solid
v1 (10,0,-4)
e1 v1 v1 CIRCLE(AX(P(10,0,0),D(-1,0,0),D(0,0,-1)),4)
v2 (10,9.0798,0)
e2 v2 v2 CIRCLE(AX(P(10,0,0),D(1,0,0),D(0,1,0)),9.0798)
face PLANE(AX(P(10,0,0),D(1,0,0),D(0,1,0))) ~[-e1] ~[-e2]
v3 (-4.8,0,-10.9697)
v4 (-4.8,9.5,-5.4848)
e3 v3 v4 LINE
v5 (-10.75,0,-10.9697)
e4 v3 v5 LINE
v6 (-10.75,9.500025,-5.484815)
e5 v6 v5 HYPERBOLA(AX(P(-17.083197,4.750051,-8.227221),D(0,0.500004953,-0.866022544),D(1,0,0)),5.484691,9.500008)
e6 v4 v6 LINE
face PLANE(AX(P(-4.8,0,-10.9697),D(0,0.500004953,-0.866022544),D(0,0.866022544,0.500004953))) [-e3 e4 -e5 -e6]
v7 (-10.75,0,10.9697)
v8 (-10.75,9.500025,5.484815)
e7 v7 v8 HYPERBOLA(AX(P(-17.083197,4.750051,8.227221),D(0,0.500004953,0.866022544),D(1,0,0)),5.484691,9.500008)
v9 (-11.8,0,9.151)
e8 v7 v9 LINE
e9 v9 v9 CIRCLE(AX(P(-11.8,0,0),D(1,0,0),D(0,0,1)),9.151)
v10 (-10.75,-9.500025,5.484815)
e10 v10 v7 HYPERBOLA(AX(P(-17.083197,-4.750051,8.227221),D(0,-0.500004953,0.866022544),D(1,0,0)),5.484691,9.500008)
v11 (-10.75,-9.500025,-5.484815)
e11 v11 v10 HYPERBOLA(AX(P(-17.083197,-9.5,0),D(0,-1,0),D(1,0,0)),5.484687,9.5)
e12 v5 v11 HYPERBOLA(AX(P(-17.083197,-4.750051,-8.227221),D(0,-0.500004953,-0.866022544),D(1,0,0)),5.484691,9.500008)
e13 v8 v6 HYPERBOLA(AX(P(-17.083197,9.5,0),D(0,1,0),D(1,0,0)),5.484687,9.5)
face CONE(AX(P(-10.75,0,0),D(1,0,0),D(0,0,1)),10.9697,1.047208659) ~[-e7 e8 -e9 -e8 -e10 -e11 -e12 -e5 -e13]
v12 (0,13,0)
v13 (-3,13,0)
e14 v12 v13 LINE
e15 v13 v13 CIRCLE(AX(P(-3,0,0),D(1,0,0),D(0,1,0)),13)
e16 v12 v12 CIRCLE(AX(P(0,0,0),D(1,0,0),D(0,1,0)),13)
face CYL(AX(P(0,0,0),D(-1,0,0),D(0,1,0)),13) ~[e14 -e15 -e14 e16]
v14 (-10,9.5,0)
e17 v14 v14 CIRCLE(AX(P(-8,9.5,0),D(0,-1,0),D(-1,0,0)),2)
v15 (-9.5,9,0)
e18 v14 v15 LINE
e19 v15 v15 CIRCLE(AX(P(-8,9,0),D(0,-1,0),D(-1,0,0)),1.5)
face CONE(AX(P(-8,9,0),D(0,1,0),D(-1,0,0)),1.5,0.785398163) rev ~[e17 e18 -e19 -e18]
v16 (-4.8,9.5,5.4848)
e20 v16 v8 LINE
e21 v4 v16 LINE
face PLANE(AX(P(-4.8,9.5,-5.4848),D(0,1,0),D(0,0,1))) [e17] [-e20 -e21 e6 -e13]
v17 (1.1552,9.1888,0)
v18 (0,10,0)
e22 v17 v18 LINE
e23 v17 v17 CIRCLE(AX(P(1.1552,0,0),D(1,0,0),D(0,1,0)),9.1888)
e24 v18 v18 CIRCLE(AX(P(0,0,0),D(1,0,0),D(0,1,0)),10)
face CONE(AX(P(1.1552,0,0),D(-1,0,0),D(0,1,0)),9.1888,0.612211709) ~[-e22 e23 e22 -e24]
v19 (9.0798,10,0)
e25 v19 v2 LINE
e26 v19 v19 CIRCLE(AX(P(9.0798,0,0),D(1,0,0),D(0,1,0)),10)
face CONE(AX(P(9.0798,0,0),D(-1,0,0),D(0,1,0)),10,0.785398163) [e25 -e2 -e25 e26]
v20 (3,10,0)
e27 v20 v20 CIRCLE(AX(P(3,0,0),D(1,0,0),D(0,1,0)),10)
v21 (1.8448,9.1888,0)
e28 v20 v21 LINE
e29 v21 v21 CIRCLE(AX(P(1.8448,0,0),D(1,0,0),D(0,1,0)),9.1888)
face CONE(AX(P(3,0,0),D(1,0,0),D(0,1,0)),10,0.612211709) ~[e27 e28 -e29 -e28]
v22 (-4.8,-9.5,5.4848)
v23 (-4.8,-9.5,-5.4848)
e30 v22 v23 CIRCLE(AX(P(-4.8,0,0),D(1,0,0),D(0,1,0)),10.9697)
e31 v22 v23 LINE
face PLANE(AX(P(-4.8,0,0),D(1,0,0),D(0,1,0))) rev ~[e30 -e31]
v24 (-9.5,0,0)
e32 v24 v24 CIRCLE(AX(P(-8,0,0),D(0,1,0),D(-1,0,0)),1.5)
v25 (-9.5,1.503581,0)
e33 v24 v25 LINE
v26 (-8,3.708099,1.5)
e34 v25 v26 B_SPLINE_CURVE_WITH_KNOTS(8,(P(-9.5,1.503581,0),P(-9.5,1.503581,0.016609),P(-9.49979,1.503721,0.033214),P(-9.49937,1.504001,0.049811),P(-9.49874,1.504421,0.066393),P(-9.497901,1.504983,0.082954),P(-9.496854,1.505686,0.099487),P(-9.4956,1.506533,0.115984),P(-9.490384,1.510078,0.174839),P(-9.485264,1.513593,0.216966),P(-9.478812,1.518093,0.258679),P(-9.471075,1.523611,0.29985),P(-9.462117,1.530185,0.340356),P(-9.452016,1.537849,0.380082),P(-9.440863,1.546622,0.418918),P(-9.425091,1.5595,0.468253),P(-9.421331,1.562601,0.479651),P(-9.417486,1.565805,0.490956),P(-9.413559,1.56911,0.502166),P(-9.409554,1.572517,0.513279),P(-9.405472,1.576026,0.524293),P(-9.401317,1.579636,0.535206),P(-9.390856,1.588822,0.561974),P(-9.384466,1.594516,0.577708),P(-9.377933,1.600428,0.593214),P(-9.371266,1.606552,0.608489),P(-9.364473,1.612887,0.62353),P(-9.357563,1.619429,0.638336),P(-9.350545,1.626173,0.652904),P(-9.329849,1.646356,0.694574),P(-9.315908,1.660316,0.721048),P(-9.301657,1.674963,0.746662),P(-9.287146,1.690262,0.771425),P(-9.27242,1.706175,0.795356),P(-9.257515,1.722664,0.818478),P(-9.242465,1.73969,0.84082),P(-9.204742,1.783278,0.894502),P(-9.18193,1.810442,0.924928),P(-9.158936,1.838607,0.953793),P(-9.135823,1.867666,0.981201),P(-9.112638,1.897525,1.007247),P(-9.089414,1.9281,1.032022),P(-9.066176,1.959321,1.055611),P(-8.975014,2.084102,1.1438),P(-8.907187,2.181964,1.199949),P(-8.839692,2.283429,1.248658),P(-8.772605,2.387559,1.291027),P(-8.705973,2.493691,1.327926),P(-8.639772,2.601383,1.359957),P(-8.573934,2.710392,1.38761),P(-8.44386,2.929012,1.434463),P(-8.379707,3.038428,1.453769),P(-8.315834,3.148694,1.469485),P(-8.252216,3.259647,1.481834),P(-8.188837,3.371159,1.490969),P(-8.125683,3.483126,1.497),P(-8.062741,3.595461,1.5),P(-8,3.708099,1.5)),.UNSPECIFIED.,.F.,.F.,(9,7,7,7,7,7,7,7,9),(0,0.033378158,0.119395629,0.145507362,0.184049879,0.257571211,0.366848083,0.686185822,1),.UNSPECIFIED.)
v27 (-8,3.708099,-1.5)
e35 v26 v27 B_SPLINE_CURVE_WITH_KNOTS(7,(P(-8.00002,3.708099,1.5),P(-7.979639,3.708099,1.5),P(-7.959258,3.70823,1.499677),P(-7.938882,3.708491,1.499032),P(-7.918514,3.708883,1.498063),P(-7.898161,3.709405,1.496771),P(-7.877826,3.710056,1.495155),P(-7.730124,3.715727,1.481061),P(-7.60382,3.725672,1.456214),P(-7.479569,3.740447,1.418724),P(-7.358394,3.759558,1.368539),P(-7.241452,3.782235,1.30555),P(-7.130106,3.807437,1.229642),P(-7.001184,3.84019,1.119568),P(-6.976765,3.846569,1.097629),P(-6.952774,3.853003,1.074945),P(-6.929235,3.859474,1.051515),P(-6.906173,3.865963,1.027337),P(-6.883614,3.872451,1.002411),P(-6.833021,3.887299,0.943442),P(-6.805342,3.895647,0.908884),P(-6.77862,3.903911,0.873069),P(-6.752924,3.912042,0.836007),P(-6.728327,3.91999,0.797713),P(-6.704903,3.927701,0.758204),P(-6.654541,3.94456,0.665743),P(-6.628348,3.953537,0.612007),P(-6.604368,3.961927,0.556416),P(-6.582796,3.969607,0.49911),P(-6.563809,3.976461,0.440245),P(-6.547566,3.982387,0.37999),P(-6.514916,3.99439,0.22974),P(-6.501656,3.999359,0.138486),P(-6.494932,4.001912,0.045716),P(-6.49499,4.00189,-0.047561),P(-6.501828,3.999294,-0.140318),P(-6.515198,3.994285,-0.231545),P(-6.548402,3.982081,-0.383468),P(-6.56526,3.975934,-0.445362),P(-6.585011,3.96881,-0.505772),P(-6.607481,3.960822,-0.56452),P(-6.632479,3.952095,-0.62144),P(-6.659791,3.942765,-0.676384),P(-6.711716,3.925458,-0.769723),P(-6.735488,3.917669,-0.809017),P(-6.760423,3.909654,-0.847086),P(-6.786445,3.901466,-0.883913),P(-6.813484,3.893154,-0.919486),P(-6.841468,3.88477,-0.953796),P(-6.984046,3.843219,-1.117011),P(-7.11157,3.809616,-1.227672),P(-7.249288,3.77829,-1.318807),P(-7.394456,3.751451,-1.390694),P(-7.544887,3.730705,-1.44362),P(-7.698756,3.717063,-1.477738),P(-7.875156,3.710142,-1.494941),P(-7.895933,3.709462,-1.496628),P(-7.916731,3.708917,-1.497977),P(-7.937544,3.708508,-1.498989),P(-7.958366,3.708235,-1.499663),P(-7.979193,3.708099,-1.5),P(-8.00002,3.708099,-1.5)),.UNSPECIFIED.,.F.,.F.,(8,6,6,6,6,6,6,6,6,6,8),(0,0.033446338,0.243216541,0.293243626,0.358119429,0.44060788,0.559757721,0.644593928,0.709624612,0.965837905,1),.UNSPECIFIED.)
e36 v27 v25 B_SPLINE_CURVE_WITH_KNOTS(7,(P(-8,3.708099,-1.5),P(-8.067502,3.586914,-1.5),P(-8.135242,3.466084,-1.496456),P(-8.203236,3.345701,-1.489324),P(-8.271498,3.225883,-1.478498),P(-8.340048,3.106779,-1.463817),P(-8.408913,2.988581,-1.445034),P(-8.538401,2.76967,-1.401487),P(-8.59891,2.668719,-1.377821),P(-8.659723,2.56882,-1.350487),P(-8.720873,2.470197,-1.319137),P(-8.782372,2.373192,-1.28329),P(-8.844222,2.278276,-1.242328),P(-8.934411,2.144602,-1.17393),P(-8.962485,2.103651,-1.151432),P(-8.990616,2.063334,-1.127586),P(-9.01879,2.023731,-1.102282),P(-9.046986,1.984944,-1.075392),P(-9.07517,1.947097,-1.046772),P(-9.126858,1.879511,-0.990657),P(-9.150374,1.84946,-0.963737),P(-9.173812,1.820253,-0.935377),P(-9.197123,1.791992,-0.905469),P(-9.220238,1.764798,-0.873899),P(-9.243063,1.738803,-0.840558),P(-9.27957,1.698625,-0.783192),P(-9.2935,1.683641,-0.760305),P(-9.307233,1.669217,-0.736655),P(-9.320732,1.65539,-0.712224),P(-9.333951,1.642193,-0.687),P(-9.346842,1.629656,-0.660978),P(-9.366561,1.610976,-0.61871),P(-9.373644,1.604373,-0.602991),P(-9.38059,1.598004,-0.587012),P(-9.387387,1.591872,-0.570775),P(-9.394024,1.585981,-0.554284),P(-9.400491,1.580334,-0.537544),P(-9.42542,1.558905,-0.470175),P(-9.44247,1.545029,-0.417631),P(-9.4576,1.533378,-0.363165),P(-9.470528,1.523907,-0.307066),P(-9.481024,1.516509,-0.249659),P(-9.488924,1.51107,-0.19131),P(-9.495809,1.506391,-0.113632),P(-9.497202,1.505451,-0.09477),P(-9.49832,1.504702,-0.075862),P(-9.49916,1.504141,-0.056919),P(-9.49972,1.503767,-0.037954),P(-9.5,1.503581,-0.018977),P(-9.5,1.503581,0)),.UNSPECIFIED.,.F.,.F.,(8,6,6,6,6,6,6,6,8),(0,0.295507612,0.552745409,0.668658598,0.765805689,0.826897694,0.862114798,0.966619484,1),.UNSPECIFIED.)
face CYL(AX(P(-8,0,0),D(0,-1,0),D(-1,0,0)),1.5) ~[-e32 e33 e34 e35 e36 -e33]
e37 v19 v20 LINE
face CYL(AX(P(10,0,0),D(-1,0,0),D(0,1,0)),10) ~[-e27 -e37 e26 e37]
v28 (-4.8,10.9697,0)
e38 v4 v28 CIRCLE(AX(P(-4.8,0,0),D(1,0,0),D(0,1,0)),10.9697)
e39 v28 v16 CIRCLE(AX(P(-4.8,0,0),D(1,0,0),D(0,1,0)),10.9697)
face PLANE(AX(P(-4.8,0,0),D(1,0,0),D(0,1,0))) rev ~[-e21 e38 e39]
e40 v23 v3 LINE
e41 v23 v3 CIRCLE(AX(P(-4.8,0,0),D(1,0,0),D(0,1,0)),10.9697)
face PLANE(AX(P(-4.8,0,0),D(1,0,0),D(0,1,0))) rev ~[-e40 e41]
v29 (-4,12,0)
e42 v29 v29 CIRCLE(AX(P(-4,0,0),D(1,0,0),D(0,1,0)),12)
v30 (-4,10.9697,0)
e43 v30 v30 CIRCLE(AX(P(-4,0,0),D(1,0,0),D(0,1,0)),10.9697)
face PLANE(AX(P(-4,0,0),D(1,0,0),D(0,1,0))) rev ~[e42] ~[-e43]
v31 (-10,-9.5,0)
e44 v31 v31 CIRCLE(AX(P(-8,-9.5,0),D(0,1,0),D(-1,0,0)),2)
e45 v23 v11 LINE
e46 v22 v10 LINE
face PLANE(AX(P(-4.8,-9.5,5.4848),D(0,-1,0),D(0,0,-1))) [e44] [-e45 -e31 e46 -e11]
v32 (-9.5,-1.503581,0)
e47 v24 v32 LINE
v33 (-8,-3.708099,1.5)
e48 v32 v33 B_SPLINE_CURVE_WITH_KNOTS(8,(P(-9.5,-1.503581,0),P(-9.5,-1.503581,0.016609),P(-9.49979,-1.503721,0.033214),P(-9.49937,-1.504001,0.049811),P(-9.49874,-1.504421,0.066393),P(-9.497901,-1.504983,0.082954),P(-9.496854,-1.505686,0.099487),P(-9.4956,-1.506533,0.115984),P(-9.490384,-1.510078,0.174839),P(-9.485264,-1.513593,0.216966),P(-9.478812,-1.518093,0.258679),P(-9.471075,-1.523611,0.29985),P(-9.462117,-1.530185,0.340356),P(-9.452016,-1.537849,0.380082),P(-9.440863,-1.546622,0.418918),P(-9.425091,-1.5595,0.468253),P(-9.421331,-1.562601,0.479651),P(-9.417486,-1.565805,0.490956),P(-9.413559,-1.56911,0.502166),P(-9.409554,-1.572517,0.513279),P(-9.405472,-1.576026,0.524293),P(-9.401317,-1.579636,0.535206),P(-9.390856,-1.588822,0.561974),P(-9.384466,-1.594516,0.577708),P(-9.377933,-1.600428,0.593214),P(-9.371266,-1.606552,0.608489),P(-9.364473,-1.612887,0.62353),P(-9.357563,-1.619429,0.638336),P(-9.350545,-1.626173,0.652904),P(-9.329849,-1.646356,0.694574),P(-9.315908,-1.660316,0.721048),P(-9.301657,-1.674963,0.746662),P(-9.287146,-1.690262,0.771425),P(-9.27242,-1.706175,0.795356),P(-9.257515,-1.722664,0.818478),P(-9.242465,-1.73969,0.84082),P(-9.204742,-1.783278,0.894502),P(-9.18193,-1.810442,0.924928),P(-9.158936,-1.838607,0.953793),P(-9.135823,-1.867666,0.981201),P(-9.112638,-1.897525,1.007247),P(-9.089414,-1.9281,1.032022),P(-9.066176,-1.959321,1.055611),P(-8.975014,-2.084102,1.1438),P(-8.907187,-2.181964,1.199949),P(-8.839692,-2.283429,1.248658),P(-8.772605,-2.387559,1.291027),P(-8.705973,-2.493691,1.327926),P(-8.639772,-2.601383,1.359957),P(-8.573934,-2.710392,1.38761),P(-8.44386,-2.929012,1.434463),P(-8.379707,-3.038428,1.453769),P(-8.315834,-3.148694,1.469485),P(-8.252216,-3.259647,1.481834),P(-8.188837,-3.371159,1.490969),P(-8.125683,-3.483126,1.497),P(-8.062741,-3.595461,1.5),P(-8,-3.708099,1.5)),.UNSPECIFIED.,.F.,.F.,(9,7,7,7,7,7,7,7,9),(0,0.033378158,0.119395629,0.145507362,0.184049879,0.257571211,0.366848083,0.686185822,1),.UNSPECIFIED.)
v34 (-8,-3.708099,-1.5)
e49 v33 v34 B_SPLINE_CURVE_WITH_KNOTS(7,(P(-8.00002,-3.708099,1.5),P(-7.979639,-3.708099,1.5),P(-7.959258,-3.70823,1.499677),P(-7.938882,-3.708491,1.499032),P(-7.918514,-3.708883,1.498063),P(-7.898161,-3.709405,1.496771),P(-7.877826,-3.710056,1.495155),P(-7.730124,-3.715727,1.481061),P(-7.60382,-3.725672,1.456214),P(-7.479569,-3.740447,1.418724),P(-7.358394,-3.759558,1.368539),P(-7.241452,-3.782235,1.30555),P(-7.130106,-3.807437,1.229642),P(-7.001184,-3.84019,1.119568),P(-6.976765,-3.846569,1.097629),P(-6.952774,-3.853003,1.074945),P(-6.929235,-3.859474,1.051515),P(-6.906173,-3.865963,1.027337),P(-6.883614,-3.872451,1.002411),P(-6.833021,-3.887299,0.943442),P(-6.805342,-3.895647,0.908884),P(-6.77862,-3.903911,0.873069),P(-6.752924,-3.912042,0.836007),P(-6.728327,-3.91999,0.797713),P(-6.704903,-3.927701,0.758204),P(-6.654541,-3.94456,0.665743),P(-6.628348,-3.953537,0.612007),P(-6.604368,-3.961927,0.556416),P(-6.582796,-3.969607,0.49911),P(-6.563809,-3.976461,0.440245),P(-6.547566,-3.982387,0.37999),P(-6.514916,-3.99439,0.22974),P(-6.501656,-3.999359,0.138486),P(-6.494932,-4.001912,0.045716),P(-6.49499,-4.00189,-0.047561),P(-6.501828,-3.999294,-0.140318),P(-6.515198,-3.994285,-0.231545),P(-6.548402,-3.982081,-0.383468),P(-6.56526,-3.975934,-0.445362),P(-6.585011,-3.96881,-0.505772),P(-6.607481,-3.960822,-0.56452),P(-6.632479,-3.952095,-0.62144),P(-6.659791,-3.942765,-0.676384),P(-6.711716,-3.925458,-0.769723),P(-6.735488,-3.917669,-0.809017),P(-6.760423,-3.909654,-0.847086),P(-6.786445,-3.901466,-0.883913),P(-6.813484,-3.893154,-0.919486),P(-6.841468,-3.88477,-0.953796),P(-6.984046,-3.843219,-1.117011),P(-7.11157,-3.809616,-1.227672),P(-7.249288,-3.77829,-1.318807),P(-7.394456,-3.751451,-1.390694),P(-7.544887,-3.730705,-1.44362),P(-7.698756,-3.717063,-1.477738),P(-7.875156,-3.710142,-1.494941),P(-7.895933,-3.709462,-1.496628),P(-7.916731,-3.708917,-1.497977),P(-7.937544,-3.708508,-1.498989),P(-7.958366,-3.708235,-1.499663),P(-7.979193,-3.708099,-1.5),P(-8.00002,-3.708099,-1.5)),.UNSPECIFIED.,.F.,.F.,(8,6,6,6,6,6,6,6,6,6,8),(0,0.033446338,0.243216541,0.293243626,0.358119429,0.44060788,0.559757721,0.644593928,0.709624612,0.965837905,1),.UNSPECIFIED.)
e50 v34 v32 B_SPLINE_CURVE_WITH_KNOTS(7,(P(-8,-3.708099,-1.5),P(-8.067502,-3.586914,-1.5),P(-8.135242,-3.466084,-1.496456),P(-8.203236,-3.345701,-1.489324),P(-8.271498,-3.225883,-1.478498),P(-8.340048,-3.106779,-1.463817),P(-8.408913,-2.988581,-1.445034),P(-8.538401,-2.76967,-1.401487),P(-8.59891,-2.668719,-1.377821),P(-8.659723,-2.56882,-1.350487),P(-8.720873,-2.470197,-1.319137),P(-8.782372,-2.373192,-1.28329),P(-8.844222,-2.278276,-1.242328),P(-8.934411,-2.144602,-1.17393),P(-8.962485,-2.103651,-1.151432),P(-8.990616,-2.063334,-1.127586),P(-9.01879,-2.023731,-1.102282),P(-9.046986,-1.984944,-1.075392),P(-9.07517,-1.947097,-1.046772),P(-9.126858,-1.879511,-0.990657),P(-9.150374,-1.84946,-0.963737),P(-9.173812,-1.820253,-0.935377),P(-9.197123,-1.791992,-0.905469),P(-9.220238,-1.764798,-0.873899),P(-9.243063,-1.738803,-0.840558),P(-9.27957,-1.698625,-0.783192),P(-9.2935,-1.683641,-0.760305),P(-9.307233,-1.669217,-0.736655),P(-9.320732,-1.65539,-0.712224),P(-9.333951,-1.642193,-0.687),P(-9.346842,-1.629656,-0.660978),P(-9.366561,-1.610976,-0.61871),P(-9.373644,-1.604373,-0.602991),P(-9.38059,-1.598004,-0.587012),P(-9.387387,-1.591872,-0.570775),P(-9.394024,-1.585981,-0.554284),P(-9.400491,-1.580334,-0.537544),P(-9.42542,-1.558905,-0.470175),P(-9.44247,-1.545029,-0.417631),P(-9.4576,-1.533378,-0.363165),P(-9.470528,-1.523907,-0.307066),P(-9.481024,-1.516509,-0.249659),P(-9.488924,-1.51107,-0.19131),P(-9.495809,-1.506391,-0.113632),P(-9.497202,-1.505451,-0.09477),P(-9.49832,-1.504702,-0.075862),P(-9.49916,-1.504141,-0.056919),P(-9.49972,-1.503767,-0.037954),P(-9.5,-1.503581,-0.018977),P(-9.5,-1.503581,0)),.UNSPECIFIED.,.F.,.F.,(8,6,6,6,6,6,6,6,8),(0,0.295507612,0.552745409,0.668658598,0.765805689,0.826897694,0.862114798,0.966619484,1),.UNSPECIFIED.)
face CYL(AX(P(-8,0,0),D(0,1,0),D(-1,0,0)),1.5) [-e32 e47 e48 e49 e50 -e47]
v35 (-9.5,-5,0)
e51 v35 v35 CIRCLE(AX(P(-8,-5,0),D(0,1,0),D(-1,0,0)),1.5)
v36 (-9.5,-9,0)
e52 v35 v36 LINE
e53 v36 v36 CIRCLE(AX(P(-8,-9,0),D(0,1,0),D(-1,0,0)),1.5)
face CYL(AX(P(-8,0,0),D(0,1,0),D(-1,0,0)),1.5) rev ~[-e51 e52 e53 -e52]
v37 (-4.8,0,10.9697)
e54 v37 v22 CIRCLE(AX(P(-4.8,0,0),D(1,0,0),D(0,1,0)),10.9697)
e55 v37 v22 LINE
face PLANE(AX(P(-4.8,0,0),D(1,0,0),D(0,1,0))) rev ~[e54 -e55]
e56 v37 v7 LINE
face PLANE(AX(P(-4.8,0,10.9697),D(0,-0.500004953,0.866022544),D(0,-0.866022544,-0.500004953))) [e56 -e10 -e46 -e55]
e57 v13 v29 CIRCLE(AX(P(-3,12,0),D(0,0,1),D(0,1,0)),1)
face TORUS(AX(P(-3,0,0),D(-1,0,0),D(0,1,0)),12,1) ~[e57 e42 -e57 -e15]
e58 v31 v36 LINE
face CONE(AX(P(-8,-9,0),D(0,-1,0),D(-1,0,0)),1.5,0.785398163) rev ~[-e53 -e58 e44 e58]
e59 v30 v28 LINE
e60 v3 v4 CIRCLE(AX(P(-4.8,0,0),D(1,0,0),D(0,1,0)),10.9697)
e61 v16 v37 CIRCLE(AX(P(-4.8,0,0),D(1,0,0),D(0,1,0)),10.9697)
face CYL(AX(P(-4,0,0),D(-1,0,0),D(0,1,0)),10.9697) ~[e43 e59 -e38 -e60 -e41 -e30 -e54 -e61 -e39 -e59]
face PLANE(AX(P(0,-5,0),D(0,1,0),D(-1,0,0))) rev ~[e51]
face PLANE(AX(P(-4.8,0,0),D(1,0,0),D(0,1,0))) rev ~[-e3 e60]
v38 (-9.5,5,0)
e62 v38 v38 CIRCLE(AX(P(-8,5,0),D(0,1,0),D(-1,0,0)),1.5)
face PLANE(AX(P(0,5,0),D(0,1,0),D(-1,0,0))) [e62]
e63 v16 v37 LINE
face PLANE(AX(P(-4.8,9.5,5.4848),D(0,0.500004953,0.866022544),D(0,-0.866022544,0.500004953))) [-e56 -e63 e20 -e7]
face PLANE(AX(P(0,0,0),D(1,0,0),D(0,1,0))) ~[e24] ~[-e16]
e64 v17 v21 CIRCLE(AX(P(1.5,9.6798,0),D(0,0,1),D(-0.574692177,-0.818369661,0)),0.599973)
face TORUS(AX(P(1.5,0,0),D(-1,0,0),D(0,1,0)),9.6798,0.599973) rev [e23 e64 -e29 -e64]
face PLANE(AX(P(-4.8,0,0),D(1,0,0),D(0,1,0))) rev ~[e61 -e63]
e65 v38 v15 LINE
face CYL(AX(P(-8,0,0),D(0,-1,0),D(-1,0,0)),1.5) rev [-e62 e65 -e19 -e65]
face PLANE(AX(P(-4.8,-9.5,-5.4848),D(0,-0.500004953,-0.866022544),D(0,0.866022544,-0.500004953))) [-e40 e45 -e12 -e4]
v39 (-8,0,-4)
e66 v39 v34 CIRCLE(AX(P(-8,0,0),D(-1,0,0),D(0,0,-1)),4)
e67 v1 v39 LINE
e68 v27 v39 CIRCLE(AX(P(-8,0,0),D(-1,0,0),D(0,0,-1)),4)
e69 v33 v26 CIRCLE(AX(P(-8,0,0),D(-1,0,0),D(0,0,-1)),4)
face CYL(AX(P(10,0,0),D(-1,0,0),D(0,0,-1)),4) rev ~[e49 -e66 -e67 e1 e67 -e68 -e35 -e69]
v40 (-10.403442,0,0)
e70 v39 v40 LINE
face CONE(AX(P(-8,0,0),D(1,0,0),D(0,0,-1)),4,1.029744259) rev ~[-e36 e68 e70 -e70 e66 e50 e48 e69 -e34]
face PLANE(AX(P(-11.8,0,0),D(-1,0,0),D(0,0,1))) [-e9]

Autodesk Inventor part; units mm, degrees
ref_plane "YZ Plane" through (0, 0, 0) normal (1, 0, 0) x (0, 1, 0)
ref_plane "XZ Plane" through (0, 0, 0) normal (0, 1, 0) x (-1, 0, 0)
ref_plane "XY Plane" through (0, 0, 0) normal (0, 0, 1) x (1, 0, 0)
sketch "Эскиз1" plane through (0, 0, 0) normal (0, 0, 1) x (1, 0, 0)
  line L0 (10, 0) -> (10, 10)
  line L1 (10, 10) -> (3, 10)
  line L2 (3, 10) -> (1.8448, 9.1888)
  line L3 (1.1552, 9.1888) -> (0, 10)
  line L4 (0, 10) -> (0, 13)
  line L5 (0, 13) -> (-4, 13)
  line L6 (-4, 13) -> (-4, 10.9697)
  line L7 (-4, 10.9697) -> (-4.8, 10.9697)
  line L8 (-4.8, 10.9697) -> (-4.8, 0)
  line L9 (-4.8, 0) -> (10, 0)
  arc A0 (1.1552, 9.1888) -> (1.8448, 9.1888) centre (1.5, 9.6798) ccw
  line L10 (-7.8876, 0) -> (13.7255, 0) projected
  line L11 (0, -2.6) -> (0, 15.6) projected
  line L12 (2.3733, 9.0798) -> (10.6379, 9.0798) construction
  dimension "d0" = 0.6
  dimension "d1" = 20
  dimension "d2" = 26
  dimension "d3" = 10
  dimension "d4" = 3
  dimension "d5" = 1.5
  dimension "d6" = 21.9393
  dimension "d7" = 4
  dimension "d8" = 0.8
  dimension "d10" = 18.1596
revolve "Базовый элемент" add sketch "Эскиз1" angle 360 about axis through (-4.8, 0, 0) along (1, 0, 0)
sketch "Эскиз2" plane through (-4.8, 0, 0) normal (-1, 0, 0) x (0, 0, 1)
  circle A0 centre (0, 0) radius 10.9697 projected
  line L0 (10.9697, 0) -> (5.4848, -9.5)
  line L1 (5.4848, -9.5) -> (-5.4848, -9.5)
  line L2 (-5.4848, -9.5) -> (-10.9697, 0)
  line L3 (-10.9697, 0) -> (-5.4848, 9.5)
  line L4 (-5.4848, 9.5) -> (5.4848, 9.5)
  line L5 (5.4848, 9.5) -> (10.9697, 0)
extrude "С головкой" add sketch "Эскиз2" along normal blind 7 contours L0 L1 L2 L3 L4 L5
fillet "Сопряжение1" radius 1 1 edges at (-4, -13, 0)
sketch "Эскиз3" plane through (0, 0, 0) normal (0, 1, 0) x (-1, 0, 0)
  line L0 (10.75, 10.9697) -> (11.8, 9.151)
  line L1 (11.8, 9.151) -> (11.8, 10.9697)
  line L2 (11.8, 10.9697) -> (10.75, 10.9697)
  line L3 (12.01, 0) -> (10.54, 0) projected
  dimension "d14" = 1.05
  dimension "d15" = 30
revolve "Фаска1" cut sketch "Эскиз3" angle 360 about axis through (-10, 0, 0) along (1, 0, 0)
thread "Резьба1" size "M20x1.5" class "6g" standard "ISO Metric profile" length 10
chamfer "Фаска2" distance 0.9202 distance2 0.9202 1 edges at (10, -10, 0) measured on face at (7.6667, 9.9676, -0.8047)
sketch "Эскиз4" plane through (10, 0, 0) normal (1, 0, 0) x (0, 0, -1)
  point P0 (0, 0)
  point P1 (0, 0)
  point P2 (-18.5467, -33.5081)
hole "Отверстие1" at (10, 0, 0) at (10, -33.5081, 18.5467) direction (-1, 0, 0) diameter 8 depth 18 tip angle 118
sketch "Эскиз5" plane through (0, 0, 0) normal (0, 1, 0) x (-1, 0, 0)
  line L0 (-14.4667, 0) -> (16.8, 0) construction
  line L1 (0, -18.2) -> (0, 18.2) construction
  circle A0 centre (8, 0) radius 1.5
  point P0 (0, 0)
  dimension "d32" = 3
  dimension "d33" = 8
extrude "Выдавливание2" cut sketch "Эскиз5" along normal through all both and the other way through all
extrude "Выдавливание3" add sketch "Эскиз5" along normal mid plane 10
chamfer "Фаска3" distance 0.5 angle 45 2 edges at (-6.5, -9.5, 0) (-6.5, 9.5, 0)
equation "\"d12\" = KOH"
equation "\"d14\" = 0.15 * KOH"
equation "\"d17\" = RR"
equation "\"d20\" = NLG"
equation "\"d18\" = GAL"
equation "\"d19\" = -0.5 * GD1 + 0.5 * NND"
equation "\"d0\" = 0.2 * GAL1"
equation "\"d1\" = NND"
equation "\"d2\" = KOD"
equation "\"d3\" = NLG"
equation "\"d4\" = GAL1"
equation "\"d5\" = 0.5 * GAL1"
equation "\"d6\" = n_D"
equation "\"d7\" = SD"
equation "\"d8\" = PHH"
equation "\"d10\" = GD1"
equation "\"NLG\" = 10"
equation "\"NND\" = 20"
equation "\"SD\" = 4"
equation "\"PHH\" = 0.8"
equation "\"SW\" = 19"
equation "\"GAL1\" = 3"
equation "\"KOH\" = 7"
equation "\"KOD\" = 26"
equation "\"GAL\" = 0.61345 * PTC"
equation "\"RR\" = 1"
equation "\"GD1\" = THREADDIA - 1.2269 * PTC"
equation "\"n_D\" = 1.1547 * SW"
equation "\"GUL\" = 0.61345 * PTC"
equation "\"TOA\" = 30deg"
equation "\"PTC\" = 1.5"
equation "\"THREADDIA\" = 20"
properties part number "CSN 02 1915.21 - M 20 x 10" material "Сталь, мягкая"
